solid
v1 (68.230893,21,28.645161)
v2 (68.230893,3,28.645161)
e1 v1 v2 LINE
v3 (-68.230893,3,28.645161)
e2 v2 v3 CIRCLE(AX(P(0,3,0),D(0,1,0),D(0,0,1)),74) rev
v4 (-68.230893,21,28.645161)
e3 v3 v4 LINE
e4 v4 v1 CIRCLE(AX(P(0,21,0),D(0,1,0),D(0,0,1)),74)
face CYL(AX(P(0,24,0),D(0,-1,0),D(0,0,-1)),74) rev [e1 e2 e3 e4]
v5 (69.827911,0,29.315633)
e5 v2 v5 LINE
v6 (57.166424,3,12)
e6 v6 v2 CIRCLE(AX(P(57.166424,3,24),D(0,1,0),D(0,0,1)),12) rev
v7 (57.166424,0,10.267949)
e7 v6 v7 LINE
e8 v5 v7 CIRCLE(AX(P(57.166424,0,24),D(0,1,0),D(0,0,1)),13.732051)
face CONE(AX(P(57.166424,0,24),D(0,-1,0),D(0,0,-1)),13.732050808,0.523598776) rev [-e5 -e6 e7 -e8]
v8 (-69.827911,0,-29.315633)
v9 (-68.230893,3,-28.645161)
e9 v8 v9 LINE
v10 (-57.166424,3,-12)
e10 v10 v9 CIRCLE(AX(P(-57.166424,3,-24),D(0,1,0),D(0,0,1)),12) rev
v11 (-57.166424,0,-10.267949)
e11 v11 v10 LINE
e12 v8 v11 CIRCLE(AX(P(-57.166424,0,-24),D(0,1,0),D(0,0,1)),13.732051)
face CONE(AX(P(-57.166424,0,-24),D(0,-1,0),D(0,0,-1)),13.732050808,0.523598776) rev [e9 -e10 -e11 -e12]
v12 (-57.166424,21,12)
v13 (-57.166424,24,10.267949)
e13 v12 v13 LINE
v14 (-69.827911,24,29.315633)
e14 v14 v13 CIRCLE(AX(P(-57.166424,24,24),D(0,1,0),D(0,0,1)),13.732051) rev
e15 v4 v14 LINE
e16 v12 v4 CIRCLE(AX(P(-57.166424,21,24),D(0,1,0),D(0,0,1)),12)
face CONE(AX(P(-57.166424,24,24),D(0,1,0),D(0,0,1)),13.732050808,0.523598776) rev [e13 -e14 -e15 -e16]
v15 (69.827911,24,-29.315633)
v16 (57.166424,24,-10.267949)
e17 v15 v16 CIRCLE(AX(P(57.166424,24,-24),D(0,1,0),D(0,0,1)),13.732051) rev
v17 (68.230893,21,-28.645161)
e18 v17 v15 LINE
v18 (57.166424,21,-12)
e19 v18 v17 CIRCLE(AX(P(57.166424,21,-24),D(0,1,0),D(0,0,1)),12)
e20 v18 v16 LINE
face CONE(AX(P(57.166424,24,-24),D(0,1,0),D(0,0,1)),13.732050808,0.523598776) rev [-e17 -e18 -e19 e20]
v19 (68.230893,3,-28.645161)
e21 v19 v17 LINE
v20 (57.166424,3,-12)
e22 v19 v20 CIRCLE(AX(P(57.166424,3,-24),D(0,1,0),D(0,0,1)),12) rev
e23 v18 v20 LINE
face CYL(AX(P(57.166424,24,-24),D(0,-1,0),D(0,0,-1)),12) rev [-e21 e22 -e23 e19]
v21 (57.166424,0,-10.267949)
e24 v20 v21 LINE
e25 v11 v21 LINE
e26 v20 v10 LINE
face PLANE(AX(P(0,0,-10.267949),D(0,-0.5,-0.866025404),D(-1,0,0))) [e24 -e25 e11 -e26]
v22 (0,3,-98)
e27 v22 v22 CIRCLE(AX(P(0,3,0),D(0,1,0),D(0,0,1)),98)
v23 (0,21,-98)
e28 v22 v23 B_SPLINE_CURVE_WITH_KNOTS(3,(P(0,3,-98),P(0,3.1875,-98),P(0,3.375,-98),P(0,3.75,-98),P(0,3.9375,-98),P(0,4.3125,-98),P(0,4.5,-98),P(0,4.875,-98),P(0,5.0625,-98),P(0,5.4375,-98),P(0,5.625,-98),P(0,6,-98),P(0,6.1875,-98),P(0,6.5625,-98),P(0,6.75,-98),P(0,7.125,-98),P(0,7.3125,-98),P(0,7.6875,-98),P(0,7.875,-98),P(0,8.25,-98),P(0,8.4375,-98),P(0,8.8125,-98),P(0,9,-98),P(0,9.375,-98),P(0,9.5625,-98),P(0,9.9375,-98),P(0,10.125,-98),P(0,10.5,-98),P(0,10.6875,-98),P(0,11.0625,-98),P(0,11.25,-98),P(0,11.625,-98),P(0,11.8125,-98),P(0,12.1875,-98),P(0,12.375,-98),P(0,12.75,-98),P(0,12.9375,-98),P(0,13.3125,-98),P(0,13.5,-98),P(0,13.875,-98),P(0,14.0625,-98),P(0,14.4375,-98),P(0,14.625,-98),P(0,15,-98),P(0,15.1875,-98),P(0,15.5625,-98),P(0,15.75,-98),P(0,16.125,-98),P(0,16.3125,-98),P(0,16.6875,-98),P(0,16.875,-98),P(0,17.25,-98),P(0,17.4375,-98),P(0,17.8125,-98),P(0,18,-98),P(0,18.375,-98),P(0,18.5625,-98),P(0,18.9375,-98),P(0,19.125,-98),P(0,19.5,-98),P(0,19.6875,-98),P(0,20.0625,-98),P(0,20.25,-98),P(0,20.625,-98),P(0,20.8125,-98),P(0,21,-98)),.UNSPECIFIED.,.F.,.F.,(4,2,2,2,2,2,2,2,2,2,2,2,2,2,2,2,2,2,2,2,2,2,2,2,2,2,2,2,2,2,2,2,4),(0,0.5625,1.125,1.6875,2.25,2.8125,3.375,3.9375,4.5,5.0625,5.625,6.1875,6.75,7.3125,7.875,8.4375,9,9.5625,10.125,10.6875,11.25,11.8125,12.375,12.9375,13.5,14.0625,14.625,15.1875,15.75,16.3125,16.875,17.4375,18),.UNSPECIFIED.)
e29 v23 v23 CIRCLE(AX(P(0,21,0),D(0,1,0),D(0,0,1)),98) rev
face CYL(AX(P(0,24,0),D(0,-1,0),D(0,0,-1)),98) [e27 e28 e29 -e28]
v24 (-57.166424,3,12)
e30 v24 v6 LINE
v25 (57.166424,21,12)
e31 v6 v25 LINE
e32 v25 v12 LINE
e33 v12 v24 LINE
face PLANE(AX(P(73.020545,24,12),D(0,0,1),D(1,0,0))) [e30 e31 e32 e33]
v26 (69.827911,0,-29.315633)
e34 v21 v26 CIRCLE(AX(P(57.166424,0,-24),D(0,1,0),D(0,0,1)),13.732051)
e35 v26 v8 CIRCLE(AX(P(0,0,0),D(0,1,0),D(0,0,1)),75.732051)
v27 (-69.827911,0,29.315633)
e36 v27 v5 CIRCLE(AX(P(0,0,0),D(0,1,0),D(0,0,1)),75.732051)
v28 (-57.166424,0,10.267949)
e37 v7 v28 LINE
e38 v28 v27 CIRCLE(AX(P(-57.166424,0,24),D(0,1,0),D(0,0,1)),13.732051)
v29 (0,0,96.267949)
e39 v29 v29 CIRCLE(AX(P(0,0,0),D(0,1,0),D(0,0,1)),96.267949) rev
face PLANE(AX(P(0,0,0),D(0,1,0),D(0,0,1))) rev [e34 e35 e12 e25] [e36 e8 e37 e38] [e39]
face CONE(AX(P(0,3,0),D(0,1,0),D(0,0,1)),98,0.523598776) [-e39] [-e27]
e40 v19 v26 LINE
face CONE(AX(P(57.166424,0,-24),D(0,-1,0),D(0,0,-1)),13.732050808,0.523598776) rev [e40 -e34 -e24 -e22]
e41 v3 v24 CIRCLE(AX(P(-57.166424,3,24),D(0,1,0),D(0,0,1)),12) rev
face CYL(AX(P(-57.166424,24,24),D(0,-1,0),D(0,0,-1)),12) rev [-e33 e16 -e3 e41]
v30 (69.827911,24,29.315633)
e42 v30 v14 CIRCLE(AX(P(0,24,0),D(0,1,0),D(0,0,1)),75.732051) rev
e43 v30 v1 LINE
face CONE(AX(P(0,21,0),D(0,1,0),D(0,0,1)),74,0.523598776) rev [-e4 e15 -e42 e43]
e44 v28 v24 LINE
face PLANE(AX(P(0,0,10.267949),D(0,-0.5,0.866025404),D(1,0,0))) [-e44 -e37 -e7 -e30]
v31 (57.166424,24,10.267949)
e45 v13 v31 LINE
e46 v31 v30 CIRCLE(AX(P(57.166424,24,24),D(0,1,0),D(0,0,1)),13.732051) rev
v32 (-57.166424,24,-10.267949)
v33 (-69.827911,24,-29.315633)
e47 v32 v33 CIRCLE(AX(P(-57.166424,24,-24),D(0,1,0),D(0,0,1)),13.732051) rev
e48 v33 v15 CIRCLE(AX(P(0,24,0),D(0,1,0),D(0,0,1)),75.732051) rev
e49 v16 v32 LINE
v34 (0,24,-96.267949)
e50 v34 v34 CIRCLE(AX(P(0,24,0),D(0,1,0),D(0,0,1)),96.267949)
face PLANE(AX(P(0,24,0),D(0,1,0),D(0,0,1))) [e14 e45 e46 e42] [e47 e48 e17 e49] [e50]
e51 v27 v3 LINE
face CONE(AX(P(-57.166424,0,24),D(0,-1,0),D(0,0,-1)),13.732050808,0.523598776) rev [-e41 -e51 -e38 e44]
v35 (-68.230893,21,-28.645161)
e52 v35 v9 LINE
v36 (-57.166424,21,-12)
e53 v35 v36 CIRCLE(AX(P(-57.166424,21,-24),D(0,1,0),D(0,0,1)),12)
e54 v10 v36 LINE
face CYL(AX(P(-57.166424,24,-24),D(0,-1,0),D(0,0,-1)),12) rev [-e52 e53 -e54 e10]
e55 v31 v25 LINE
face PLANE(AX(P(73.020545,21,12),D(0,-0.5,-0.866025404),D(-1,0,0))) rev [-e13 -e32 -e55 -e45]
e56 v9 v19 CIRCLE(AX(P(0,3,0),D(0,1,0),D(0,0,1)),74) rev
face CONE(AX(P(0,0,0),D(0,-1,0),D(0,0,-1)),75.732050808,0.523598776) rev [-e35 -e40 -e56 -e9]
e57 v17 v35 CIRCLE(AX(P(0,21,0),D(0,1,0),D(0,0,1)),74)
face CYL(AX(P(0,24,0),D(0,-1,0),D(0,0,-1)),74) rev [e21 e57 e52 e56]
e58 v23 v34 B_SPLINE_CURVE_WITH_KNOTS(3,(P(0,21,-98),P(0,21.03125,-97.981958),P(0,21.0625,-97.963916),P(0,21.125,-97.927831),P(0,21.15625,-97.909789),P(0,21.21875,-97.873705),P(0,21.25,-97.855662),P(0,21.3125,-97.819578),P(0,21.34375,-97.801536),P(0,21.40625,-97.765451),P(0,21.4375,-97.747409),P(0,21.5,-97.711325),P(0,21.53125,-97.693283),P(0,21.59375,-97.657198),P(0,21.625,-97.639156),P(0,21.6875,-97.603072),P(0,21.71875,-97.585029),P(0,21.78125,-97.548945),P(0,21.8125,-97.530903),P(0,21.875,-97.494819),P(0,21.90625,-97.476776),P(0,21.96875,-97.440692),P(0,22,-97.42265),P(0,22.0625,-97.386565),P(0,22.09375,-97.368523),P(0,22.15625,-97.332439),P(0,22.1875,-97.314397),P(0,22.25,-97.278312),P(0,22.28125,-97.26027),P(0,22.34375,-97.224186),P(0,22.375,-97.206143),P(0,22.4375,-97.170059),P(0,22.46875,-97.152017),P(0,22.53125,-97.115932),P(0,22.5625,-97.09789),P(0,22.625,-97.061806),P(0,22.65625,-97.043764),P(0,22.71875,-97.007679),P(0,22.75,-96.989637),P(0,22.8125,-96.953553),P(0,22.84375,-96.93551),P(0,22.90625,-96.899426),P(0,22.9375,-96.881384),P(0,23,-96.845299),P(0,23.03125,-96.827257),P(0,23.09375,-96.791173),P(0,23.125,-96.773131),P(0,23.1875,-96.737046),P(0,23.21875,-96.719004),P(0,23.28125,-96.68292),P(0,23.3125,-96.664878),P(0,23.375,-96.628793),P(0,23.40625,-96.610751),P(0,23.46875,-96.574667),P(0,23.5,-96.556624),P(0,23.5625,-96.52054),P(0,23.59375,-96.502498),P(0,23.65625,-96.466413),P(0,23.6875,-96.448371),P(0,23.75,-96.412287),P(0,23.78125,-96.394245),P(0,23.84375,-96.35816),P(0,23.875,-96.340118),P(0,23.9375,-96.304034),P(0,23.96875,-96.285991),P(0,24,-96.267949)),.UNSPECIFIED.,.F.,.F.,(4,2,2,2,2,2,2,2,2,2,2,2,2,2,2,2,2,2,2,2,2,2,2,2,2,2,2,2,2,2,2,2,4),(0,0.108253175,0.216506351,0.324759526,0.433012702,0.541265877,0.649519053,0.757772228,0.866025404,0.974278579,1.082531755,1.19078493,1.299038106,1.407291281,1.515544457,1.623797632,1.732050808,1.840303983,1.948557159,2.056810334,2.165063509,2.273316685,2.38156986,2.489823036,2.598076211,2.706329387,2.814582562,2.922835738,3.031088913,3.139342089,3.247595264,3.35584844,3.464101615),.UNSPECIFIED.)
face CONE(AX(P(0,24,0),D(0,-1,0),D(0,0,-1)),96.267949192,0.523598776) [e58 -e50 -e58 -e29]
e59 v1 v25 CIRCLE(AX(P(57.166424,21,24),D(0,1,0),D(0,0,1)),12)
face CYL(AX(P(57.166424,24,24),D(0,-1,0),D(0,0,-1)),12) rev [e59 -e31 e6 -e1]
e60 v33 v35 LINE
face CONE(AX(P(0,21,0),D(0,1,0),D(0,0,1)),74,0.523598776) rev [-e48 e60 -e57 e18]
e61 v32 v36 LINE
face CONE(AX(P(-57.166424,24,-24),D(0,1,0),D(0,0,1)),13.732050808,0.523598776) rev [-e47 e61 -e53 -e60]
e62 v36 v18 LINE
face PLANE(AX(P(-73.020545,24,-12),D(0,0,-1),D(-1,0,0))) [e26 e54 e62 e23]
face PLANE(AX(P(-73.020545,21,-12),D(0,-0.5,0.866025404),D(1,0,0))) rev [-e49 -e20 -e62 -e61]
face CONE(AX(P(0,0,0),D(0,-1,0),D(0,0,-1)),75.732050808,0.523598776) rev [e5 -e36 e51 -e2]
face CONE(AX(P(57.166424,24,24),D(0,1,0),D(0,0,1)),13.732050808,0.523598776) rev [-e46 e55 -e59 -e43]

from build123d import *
from OCP.BRepFilletAPI import BRepFilletAPI_MakeChamfer

# Parameters (mm, degrees)
SKETCH1_R           = 98
BOSS_EXTRUDE1_DEPTH = 24
FILLET1_R           = 12
CHAMFER1_SIZE       = 3
CHAMFER1_SIZE2      = 1.732050808
CHAMFER2_SIZE       = 3
CHAMFER2_SIZE2      = 1.732050808


with BuildPart() as part:
    # Sketch1 → Boss-Extrude1 (new body)
    with BuildSketch(Plane(origin=(0, 0, 0), x_dir=(1, 0, 0), z_dir=(0, 1, 0))):
        with Locations(Location((0, 0, 0), (0, 0, 270))):
            Circle(SKETCH1_R)
        with BuildLine():
            Line((-73.020545054, 12), (73.020545054, 12))
            ThreePointArc((73.020545054, 12), (0, 74), (-73.020545054, 12))
        make_face(mode=Mode.SUBTRACT)
        with BuildLine():
            Line((73.020545054, -12), (-73.020545054, -12))
            ThreePointArc((-73.020545054, -12), (0, -74), (73.020545054, -12))
        make_face(mode=Mode.SUBTRACT)
    extrude(amount=BOSS_EXTRUDE1_DEPTH)

    # Fillet1
    fillet1_edges = [part.edges().sort_by_distance(p)[0] for p in [
        (-73.020545054, 12, 12),
        (73.020545054, 12, 12),
        (73.020545054, 12, -12),
        (-73.020545054, 12, -12),
    ]]
    fillet(fillet1_edges, radius=FILLET1_R)

    # Chamfer1: one chamfer whose edges measure the first distance from different faces: ONE call of the kernel's chamfer builder (chamfer() names one face for all edges)
    chamfer1_edges_1 = [part.edges().sort_by_distance(p)[0] for p in [
        (0, 0, 74),
    ]]
    chamfer1_side_1 = [part.faces().sort_by_distance(p)[0] for p in [
        (0, 12, 74),
    ]]
    chamfer1_edges_2 = [part.edges().sort_by_distance(p)[0] for p in [
        (0, 0, 12),
    ]]
    chamfer1_side_2 = [part.faces().sort_by_distance(p)[0] for p in [
        (0, 12, 12),
    ]]
    chamfer1_edges_3 = [part.edges().sort_by_distance(p)[0] for p in [
        (0, 0, -12),
    ]]
    chamfer1_side_3 = [part.faces().sort_by_distance(p)[0] for p in [
        (0, 12, -12),
    ]]
    chamfer1_edges_4 = [part.edges().sort_by_distance(p)[0] for p in [
        (0, 0, -74),
    ]]
    chamfer1_side_4 = [part.faces().sort_by_distance(p)[0] for p in [
        (0, 12, -74),
    ]]
    chamfer1_edges_5 = [part.edges().sort_by_distance(p)[0] for p in [
        (67.159970016, 0, 17.357031367),
    ]]
    chamfer1_side_5 = [part.faces().sort_by_distance(p)[0] for p in [
        (67.159970016, 12, 17.357031367),
    ]]
    chamfer1_edges_6 = [part.edges().sort_by_distance(p)[0] for p in [
        (67.159970016, 0, -17.357031367),
    ]]
    chamfer1_side_6 = [part.faces().sort_by_distance(p)[0] for p in [
        (67.159970016, 12, -17.357031367),
    ]]
    chamfer1_edges_7 = [part.edges().sort_by_distance(p)[0] for p in [
        (-67.159970016, 0, -17.357031367),
    ]]
    chamfer1_side_7 = [part.faces().sort_by_distance(p)[0] for p in [
        (-67.159970016, 12, -17.357031367),
    ]]
    chamfer1_edges_8 = [part.edges().sort_by_distance(p)[0] for p in [
        (-67.159970016, 0, 17.357031367),
    ]]
    chamfer1_side_8 = [part.faces().sort_by_distance(p)[0] for p in [
        (-67.159970016, 12, 17.357031367),
    ]]
    chamfer1_edges_9 = [part.edges().sort_by_distance(p)[0] for p in [
        (0, 24, -98),
    ]]
    chamfer1_side_9 = [part.faces().sort_by_distance(p)[0] for p in [
        (0, 12, -98),
    ]]
    chamfer1 = BRepFilletAPI_MakeChamfer(part.part.solid().wrapped)
    for e in chamfer1_edges_1:
        chamfer1.Add(CHAMFER1_SIZE, CHAMFER1_SIZE2, e.wrapped, chamfer1_side_1[0].wrapped)  # the first distance lies on this face
    for e in chamfer1_edges_2:
        chamfer1.Add(CHAMFER1_SIZE, CHAMFER1_SIZE2, e.wrapped, chamfer1_side_2[0].wrapped)  # the first distance lies on this face
    for e in chamfer1_edges_3:
        chamfer1.Add(CHAMFER1_SIZE, CHAMFER1_SIZE2, e.wrapped, chamfer1_side_3[0].wrapped)  # the first distance lies on this face
    for e in chamfer1_edges_4:
        chamfer1.Add(CHAMFER1_SIZE, CHAMFER1_SIZE2, e.wrapped, chamfer1_side_4[0].wrapped)  # the first distance lies on this face
    for e in chamfer1_edges_5:
        chamfer1.Add(CHAMFER1_SIZE, CHAMFER1_SIZE2, e.wrapped, chamfer1_side_5[0].wrapped)  # the first distance lies on this face
    for e in chamfer1_edges_6:
        chamfer1.Add(CHAMFER1_SIZE, CHAMFER1_SIZE2, e.wrapped, chamfer1_side_6[0].wrapped)  # the first distance lies on this face
    for e in chamfer1_edges_7:
        chamfer1.Add(CHAMFER1_SIZE, CHAMFER1_SIZE2, e.wrapped, chamfer1_side_7[0].wrapped)  # the first distance lies on this face
    for e in chamfer1_edges_8:
        chamfer1.Add(CHAMFER1_SIZE, CHAMFER1_SIZE2, e.wrapped, chamfer1_side_8[0].wrapped)  # the first distance lies on this face
    for e in chamfer1_edges_9:
        chamfer1.Add(CHAMFER1_SIZE, CHAMFER1_SIZE2, e.wrapped, chamfer1_side_9[0].wrapped)  # the first distance lies on this face
    add(Compound.cast(chamfer1.Shape()), mode=Mode.REPLACE)

    # Chamfer2: one chamfer whose edges measure the first distance from different faces: ONE call of the kernel's chamfer builder (chamfer() names one face for all edges)
    chamfer2_edges_1 = [part.edges().sort_by_distance(p)[0] for p in [
        (0, 0, -98),
    ]]
    chamfer2_side_1 = [part.faces().sort_by_distance(p)[0] for p in [
        (0, 10.5, -98),
    ]]
    chamfer2_edges_2 = [part.edges().sort_by_distance(p)[0] for p in [
        (0, 24, 74),
    ]]
    chamfer2_side_2 = [part.faces().sort_by_distance(p)[0] for p in [
        (0, 13.5, 74),
    ]]
    chamfer2_edges_3 = [part.edges().sort_by_distance(p)[0] for p in [
        (0, 24, 12),
    ]]
    chamfer2_side_3 = [part.faces().sort_by_distance(p)[0] for p in [
        (0, 13.5, 12),
    ]]
    chamfer2_edges_4 = [part.edges().sort_by_distance(p)[0] for p in [
        (0, 24, -12),
    ]]
    chamfer2_side_4 = [part.faces().sort_by_distance(p)[0] for p in [
        (0, 13.5, -12),
    ]]
    chamfer2_edges_5 = [part.edges().sort_by_distance(p)[0] for p in [
        (0, 24, -74),
    ]]
    chamfer2_side_5 = [part.faces().sort_by_distance(p)[0] for p in [
        (0, 13.5, -74),
    ]]
    chamfer2_edges_6 = [part.edges().sort_by_distance(p)[0] for p in [
        (67.159970016, 24, 17.357031367),
    ]]
    chamfer2_side_6 = [part.faces().sort_by_distance(p)[0] for p in [
        (67.159970016, 13.5, 17.357031367),
    ]]
    chamfer2_edges_7 = [part.edges().sort_by_distance(p)[0] for p in [
        (67.159970016, 24, -17.357031367),
    ]]
    chamfer2_side_7 = [part.faces().sort_by_distance(p)[0] for p in [
        (67.159970016, 13.5, -17.357031367),
    ]]
    chamfer2_edges_8 = [part.edges().sort_by_distance(p)[0] for p in [
        (-67.159970016, 24, -17.357031367),
    ]]
    chamfer2_side_8 = [part.faces().sort_by_distance(p)[0] for p in [
        (-67.159970016, 13.5, -17.357031367),
    ]]
    chamfer2_edges_9 = [part.edges().sort_by_distance(p)[0] for p in [
        (-67.159970016, 24, 17.357031367),
    ]]
    chamfer2_side_9 = [part.faces().sort_by_distance(p)[0] for p in [
        (-67.159970016, 13.5, 17.357031367),
    ]]
    chamfer2 = BRepFilletAPI_MakeChamfer(part.part.solid().wrapped)
    for e in chamfer2_edges_1:
        chamfer2.Add(CHAMFER2_SIZE, CHAMFER2_SIZE2, e.wrapped, chamfer2_side_1[0].wrapped)  # the first distance lies on this face
    for e in chamfer2_edges_2:
        chamfer2.Add(CHAMFER2_SIZE, CHAMFER2_SIZE2, e.wrapped, chamfer2_side_2[0].wrapped)  # the first distance lies on this face
    for e in chamfer2_edges_3:
        chamfer2.Add(CHAMFER2_SIZE, CHAMFER2_SIZE2, e.wrapped, chamfer2_side_3[0].wrapped)  # the first distance lies on this face
    for e in chamfer2_edges_4:
        chamfer2.Add(CHAMFER2_SIZE, CHAMFER2_SIZE2, e.wrapped, chamfer2_side_4[0].wrapped)  # the first distance lies on this face
    for e in chamfer2_edges_5:
        chamfer2.Add(CHAMFER2_SIZE, CHAMFER2_SIZE2, e.wrapped, chamfer2_side_5[0].wrapped)  # the first distance lies on this face
    for e in chamfer2_edges_6:
        chamfer2.Add(CHAMFER2_SIZE, CHAMFER2_SIZE2, e.wrapped, chamfer2_side_6[0].wrapped)  # the first distance lies on this face
    for e in chamfer2_edges_7:
        chamfer2.Add(CHAMFER2_SIZE, CHAMFER2_SIZE2, e.wrapped, chamfer2_side_7[0].wrapped)  # the first distance lies on this face
    for e in chamfer2_edges_8:
        chamfer2.Add(CHAMFER2_SIZE, CHAMFER2_SIZE2, e.wrapped, chamfer2_side_8[0].wrapped)  # the first distance lies on this face
    for e in chamfer2_edges_9:
        chamfer2.Add(CHAMFER2_SIZE, CHAMFER2_SIZE2, e.wrapped, chamfer2_side_9[0].wrapped)  # the first distance lies on this face
    add(Compound.cast(chamfer2.Shape()), mode=Mode.REPLACE)


solid = part.part
